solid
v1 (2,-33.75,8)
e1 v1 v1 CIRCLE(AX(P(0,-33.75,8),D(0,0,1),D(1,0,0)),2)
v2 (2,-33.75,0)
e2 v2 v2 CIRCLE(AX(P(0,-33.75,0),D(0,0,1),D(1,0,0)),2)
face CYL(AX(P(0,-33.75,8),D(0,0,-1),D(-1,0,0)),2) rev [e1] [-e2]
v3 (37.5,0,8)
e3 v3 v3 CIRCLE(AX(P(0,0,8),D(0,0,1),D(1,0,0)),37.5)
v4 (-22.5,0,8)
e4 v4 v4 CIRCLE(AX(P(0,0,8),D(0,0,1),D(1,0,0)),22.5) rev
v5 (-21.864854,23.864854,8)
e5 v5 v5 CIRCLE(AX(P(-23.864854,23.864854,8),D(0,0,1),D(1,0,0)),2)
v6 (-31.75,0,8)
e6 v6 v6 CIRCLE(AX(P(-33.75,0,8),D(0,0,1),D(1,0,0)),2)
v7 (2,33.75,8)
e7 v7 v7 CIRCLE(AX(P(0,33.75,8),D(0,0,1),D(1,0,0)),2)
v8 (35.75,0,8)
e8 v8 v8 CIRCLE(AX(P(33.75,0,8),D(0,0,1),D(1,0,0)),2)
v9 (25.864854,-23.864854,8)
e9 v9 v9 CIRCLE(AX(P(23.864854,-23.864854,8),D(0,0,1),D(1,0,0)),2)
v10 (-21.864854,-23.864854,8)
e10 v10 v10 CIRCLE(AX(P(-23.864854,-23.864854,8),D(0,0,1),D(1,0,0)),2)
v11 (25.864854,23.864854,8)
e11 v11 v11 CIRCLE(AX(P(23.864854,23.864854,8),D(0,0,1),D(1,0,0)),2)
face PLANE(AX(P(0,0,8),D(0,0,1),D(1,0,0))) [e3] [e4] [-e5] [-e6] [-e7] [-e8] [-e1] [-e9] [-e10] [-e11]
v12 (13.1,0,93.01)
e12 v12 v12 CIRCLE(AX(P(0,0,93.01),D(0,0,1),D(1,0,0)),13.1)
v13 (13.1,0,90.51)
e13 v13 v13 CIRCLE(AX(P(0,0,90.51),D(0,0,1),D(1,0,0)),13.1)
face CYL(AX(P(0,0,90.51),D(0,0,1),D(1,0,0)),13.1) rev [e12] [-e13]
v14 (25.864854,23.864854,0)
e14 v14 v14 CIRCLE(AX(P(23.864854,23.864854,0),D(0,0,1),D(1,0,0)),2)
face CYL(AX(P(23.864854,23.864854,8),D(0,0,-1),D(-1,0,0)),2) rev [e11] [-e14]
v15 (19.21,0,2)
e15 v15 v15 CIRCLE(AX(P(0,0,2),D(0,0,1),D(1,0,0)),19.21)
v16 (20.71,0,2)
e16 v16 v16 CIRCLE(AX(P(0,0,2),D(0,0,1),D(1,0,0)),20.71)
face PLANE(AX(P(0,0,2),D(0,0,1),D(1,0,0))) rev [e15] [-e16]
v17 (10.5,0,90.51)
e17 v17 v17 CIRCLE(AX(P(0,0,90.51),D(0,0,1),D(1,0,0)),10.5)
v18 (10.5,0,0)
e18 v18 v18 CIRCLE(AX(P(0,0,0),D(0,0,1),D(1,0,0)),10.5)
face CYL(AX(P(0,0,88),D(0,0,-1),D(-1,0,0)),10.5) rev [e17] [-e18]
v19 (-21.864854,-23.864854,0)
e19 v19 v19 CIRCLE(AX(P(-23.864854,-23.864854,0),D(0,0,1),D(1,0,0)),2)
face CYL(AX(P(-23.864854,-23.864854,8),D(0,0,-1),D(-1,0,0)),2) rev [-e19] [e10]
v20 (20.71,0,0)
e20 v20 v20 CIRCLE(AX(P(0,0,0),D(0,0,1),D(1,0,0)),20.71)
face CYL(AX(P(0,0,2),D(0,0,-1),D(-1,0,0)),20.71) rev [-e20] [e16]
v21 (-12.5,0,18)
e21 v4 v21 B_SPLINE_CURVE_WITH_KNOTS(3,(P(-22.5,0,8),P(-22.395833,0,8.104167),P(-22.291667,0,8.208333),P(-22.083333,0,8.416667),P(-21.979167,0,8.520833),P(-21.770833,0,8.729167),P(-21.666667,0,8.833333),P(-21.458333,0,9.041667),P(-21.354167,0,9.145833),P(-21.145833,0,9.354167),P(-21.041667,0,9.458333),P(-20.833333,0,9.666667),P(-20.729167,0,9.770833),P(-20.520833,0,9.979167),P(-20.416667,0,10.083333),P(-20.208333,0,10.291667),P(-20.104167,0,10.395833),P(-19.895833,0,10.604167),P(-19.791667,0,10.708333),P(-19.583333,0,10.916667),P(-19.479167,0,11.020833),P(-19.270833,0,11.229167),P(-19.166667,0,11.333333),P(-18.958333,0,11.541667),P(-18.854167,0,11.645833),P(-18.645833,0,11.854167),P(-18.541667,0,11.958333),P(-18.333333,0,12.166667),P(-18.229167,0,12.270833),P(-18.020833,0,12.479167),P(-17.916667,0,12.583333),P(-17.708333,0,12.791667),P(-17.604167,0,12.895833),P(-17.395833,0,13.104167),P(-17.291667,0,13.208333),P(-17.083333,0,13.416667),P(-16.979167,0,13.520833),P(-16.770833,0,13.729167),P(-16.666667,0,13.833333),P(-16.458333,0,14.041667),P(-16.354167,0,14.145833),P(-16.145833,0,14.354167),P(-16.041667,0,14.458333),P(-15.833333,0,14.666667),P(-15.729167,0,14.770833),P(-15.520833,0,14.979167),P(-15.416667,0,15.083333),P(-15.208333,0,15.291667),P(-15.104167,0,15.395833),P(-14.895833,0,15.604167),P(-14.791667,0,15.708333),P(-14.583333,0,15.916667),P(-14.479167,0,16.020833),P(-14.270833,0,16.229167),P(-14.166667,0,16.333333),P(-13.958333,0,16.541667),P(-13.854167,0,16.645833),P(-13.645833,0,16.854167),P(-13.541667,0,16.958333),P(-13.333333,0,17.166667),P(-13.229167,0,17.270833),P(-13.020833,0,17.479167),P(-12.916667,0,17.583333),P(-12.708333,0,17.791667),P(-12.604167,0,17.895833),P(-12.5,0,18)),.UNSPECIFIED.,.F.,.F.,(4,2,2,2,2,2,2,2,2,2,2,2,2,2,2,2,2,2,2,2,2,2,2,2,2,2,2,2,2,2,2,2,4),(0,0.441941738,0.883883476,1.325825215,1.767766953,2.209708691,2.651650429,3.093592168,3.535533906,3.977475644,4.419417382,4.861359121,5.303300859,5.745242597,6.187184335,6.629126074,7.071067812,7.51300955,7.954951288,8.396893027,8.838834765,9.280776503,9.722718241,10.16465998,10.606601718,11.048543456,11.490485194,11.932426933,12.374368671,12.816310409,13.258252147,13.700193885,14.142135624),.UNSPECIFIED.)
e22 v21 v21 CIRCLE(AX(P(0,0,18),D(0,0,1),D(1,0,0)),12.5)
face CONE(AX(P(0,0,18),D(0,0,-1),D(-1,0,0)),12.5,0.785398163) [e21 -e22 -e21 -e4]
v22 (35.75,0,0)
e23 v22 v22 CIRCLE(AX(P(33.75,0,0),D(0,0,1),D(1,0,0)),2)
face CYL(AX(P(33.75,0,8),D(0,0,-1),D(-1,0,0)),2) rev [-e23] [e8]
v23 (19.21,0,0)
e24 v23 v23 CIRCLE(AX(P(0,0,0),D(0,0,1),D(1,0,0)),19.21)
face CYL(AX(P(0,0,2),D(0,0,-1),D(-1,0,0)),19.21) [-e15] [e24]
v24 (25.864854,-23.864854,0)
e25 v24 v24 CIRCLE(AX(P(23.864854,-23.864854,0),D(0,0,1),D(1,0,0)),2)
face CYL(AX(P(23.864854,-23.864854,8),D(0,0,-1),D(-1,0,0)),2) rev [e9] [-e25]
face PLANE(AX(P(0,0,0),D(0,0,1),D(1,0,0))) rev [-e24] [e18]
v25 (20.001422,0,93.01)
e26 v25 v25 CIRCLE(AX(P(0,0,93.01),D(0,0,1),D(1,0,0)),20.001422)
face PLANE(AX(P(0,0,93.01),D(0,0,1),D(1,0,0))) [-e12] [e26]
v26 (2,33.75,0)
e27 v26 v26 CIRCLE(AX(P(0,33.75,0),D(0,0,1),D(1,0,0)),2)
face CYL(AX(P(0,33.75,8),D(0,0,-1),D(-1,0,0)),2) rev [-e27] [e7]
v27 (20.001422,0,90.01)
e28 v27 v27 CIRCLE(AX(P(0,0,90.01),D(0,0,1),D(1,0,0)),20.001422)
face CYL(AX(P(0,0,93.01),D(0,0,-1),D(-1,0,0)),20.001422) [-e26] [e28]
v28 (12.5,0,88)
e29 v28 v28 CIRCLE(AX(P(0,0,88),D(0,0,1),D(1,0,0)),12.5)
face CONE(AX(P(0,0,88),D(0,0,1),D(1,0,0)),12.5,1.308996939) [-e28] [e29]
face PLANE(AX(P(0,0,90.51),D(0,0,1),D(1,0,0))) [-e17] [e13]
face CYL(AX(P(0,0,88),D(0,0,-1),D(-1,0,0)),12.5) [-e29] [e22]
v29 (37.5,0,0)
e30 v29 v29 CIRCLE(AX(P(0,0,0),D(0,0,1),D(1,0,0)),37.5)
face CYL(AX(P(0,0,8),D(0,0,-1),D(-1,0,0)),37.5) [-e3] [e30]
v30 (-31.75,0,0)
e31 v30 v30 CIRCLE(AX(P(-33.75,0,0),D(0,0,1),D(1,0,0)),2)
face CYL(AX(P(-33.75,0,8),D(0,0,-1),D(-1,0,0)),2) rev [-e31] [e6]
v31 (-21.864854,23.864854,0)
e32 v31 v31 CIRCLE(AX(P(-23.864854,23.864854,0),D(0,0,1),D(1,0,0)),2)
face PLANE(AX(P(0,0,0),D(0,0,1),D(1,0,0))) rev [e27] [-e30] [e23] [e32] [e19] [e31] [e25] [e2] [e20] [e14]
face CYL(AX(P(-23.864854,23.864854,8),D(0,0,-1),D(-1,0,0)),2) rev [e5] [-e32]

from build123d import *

# Parameters (mm, degrees)
SKETCH2_R           = 37.5
SKETCH2_R_2         = 5.35
BOSS_EXTRUDE2_DEPTH = 8
SKETCH14_R          = 2
CUT_EXTRUDE6_DEPTH  = 54.633012222
SKETCH3_R           = 20.71
SKETCH3_R_2         = 19.21
CUT_EXTRUDE2_DEPTH  = 2
SKETCH7_R           = 12.5
SKETCH7_R_2         = 10.5
BOSS_EXTRUDE4_DEPTH = 80
SKETCH10_R          = 12.5
BOSS_EXTRUDE5_DEPTH = 2.01
BOSS_EXTRUDE5_DRAFT = -75
SKETCH11_R          = 10.5
CUT_EXTRUDE3_DEPTH  = 105.4715277
BOSS_EXTRUDE6_START = 3
SKETCH12_R          = 20.001422123
SKETCH12_R_2        = 10.5
BOSS_EXTRUDE6_DEPTH = 3
SKETCH13_R          = 13.1
CUT_EXTRUDE4_DEPTH  = 2.5
CHAMFER1_SIZE       = 10


with BuildPart() as part:
    # Sketch2 → Boss-Extrude2 (new body)
    with BuildSketch(Plane.XY):
        Circle(SKETCH2_R)
        Circle(SKETCH2_R_2, mode=Mode.SUBTRACT)
    extrude(amount=BOSS_EXTRUDE2_DEPTH)

    # Sketch14 → Cut-Extrude6 (cut, through all)
    with BuildSketch(Plane.XY):
        with Locations((0, 33.75)):
            Circle(SKETCH14_R)
        with Locations((-23.864853865, 23.864853865)):
            Circle(SKETCH14_R)
        with Locations((-33.75, 0)):
            Circle(SKETCH14_R)
        with Locations((-23.864853865, -23.864853865)):
            Circle(SKETCH14_R)
        with Locations((0, -33.75)):
            Circle(SKETCH14_R)
        with Locations((23.864853865, -23.864853865)):
            Circle(SKETCH14_R)
        with Locations((33.75, 0)):
            Circle(SKETCH14_R)
        with Locations((23.864853865, 23.864853865)):
            Circle(SKETCH14_R)
    extrude(amount=CUT_EXTRUDE6_DEPTH, mode=Mode.SUBTRACT)

    # Sketch3 → Cut-Extrude2 (cut)
    with BuildSketch(Plane.XY):
        Circle(SKETCH3_R)
        Circle(SKETCH3_R_2, mode=Mode.SUBTRACT)
    extrude(amount=CUT_EXTRUDE2_DEPTH, mode=Mode.SUBTRACT)

    # Sketch7 → Boss-Extrude4 (add)
    with BuildSketch(Plane.XY.offset(8)):
        Circle(SKETCH7_R)
        Circle(SKETCH7_R_2, mode=Mode.SUBTRACT)
    extrude(amount=BOSS_EXTRUDE4_DEPTH)


with BuildPart() as boss_extrude5_tool:
    # Sketch10 → Boss-Extrude5 (with draft: the straight prism first)
    with BuildSketch(Plane.XY.offset(88)):
        Circle(SKETCH10_R)
    extrude(amount=BOSS_EXTRUDE5_DEPTH)
    # Boss-Extrude5: the draft: its side faces are tilted about the plane it starts from
    boss_extrude5_sides = [boss_extrude5_tool.faces().sort_by_distance(p)[0] for p in [
        (-12.5, 0, 89.005),
    ]]
    draft(boss_extrude5_sides, Plane.XY.offset(88), BOSS_EXTRUDE5_DRAFT)


with BuildPart() as part_1:
    add(part.part)

    # Boss-Extrude5: add boss_extrude5_tool
    add(boss_extrude5_tool.part)

    # Sketch11 → Cut-Extrude3 (cut, through all)
    with BuildSketch(Plane.XY.offset(90.01)):
        Circle(SKETCH11_R)
    extrude(amount=-CUT_EXTRUDE3_DEPTH, mode=Mode.SUBTRACT)

    # Sketch12 → Boss-Extrude6 (add)
    with BuildSketch(Plane.XY.offset(90.01).offset(BOSS_EXTRUDE6_START)):
        Circle(SKETCH12_R)
        Circle(SKETCH12_R_2, mode=Mode.SUBTRACT)
    extrude(amount=-BOSS_EXTRUDE6_DEPTH)

    # Sketch13 → Cut-Extrude4 (cut)
    with BuildSketch(Plane.XY.offset(93.01)):
        Circle(SKETCH13_R)
    extrude(amount=-CUT_EXTRUDE4_DEPTH, mode=Mode.SUBTRACT)

    # Chamfer1
    chamfer1_edges = [part_1.edges().sort_by_distance(p)[0] for p in [
        (-12.5, 0, 8),
    ]]
    chamfer(chamfer1_edges, length=CHAMFER1_SIZE)


solid = part_1.part
